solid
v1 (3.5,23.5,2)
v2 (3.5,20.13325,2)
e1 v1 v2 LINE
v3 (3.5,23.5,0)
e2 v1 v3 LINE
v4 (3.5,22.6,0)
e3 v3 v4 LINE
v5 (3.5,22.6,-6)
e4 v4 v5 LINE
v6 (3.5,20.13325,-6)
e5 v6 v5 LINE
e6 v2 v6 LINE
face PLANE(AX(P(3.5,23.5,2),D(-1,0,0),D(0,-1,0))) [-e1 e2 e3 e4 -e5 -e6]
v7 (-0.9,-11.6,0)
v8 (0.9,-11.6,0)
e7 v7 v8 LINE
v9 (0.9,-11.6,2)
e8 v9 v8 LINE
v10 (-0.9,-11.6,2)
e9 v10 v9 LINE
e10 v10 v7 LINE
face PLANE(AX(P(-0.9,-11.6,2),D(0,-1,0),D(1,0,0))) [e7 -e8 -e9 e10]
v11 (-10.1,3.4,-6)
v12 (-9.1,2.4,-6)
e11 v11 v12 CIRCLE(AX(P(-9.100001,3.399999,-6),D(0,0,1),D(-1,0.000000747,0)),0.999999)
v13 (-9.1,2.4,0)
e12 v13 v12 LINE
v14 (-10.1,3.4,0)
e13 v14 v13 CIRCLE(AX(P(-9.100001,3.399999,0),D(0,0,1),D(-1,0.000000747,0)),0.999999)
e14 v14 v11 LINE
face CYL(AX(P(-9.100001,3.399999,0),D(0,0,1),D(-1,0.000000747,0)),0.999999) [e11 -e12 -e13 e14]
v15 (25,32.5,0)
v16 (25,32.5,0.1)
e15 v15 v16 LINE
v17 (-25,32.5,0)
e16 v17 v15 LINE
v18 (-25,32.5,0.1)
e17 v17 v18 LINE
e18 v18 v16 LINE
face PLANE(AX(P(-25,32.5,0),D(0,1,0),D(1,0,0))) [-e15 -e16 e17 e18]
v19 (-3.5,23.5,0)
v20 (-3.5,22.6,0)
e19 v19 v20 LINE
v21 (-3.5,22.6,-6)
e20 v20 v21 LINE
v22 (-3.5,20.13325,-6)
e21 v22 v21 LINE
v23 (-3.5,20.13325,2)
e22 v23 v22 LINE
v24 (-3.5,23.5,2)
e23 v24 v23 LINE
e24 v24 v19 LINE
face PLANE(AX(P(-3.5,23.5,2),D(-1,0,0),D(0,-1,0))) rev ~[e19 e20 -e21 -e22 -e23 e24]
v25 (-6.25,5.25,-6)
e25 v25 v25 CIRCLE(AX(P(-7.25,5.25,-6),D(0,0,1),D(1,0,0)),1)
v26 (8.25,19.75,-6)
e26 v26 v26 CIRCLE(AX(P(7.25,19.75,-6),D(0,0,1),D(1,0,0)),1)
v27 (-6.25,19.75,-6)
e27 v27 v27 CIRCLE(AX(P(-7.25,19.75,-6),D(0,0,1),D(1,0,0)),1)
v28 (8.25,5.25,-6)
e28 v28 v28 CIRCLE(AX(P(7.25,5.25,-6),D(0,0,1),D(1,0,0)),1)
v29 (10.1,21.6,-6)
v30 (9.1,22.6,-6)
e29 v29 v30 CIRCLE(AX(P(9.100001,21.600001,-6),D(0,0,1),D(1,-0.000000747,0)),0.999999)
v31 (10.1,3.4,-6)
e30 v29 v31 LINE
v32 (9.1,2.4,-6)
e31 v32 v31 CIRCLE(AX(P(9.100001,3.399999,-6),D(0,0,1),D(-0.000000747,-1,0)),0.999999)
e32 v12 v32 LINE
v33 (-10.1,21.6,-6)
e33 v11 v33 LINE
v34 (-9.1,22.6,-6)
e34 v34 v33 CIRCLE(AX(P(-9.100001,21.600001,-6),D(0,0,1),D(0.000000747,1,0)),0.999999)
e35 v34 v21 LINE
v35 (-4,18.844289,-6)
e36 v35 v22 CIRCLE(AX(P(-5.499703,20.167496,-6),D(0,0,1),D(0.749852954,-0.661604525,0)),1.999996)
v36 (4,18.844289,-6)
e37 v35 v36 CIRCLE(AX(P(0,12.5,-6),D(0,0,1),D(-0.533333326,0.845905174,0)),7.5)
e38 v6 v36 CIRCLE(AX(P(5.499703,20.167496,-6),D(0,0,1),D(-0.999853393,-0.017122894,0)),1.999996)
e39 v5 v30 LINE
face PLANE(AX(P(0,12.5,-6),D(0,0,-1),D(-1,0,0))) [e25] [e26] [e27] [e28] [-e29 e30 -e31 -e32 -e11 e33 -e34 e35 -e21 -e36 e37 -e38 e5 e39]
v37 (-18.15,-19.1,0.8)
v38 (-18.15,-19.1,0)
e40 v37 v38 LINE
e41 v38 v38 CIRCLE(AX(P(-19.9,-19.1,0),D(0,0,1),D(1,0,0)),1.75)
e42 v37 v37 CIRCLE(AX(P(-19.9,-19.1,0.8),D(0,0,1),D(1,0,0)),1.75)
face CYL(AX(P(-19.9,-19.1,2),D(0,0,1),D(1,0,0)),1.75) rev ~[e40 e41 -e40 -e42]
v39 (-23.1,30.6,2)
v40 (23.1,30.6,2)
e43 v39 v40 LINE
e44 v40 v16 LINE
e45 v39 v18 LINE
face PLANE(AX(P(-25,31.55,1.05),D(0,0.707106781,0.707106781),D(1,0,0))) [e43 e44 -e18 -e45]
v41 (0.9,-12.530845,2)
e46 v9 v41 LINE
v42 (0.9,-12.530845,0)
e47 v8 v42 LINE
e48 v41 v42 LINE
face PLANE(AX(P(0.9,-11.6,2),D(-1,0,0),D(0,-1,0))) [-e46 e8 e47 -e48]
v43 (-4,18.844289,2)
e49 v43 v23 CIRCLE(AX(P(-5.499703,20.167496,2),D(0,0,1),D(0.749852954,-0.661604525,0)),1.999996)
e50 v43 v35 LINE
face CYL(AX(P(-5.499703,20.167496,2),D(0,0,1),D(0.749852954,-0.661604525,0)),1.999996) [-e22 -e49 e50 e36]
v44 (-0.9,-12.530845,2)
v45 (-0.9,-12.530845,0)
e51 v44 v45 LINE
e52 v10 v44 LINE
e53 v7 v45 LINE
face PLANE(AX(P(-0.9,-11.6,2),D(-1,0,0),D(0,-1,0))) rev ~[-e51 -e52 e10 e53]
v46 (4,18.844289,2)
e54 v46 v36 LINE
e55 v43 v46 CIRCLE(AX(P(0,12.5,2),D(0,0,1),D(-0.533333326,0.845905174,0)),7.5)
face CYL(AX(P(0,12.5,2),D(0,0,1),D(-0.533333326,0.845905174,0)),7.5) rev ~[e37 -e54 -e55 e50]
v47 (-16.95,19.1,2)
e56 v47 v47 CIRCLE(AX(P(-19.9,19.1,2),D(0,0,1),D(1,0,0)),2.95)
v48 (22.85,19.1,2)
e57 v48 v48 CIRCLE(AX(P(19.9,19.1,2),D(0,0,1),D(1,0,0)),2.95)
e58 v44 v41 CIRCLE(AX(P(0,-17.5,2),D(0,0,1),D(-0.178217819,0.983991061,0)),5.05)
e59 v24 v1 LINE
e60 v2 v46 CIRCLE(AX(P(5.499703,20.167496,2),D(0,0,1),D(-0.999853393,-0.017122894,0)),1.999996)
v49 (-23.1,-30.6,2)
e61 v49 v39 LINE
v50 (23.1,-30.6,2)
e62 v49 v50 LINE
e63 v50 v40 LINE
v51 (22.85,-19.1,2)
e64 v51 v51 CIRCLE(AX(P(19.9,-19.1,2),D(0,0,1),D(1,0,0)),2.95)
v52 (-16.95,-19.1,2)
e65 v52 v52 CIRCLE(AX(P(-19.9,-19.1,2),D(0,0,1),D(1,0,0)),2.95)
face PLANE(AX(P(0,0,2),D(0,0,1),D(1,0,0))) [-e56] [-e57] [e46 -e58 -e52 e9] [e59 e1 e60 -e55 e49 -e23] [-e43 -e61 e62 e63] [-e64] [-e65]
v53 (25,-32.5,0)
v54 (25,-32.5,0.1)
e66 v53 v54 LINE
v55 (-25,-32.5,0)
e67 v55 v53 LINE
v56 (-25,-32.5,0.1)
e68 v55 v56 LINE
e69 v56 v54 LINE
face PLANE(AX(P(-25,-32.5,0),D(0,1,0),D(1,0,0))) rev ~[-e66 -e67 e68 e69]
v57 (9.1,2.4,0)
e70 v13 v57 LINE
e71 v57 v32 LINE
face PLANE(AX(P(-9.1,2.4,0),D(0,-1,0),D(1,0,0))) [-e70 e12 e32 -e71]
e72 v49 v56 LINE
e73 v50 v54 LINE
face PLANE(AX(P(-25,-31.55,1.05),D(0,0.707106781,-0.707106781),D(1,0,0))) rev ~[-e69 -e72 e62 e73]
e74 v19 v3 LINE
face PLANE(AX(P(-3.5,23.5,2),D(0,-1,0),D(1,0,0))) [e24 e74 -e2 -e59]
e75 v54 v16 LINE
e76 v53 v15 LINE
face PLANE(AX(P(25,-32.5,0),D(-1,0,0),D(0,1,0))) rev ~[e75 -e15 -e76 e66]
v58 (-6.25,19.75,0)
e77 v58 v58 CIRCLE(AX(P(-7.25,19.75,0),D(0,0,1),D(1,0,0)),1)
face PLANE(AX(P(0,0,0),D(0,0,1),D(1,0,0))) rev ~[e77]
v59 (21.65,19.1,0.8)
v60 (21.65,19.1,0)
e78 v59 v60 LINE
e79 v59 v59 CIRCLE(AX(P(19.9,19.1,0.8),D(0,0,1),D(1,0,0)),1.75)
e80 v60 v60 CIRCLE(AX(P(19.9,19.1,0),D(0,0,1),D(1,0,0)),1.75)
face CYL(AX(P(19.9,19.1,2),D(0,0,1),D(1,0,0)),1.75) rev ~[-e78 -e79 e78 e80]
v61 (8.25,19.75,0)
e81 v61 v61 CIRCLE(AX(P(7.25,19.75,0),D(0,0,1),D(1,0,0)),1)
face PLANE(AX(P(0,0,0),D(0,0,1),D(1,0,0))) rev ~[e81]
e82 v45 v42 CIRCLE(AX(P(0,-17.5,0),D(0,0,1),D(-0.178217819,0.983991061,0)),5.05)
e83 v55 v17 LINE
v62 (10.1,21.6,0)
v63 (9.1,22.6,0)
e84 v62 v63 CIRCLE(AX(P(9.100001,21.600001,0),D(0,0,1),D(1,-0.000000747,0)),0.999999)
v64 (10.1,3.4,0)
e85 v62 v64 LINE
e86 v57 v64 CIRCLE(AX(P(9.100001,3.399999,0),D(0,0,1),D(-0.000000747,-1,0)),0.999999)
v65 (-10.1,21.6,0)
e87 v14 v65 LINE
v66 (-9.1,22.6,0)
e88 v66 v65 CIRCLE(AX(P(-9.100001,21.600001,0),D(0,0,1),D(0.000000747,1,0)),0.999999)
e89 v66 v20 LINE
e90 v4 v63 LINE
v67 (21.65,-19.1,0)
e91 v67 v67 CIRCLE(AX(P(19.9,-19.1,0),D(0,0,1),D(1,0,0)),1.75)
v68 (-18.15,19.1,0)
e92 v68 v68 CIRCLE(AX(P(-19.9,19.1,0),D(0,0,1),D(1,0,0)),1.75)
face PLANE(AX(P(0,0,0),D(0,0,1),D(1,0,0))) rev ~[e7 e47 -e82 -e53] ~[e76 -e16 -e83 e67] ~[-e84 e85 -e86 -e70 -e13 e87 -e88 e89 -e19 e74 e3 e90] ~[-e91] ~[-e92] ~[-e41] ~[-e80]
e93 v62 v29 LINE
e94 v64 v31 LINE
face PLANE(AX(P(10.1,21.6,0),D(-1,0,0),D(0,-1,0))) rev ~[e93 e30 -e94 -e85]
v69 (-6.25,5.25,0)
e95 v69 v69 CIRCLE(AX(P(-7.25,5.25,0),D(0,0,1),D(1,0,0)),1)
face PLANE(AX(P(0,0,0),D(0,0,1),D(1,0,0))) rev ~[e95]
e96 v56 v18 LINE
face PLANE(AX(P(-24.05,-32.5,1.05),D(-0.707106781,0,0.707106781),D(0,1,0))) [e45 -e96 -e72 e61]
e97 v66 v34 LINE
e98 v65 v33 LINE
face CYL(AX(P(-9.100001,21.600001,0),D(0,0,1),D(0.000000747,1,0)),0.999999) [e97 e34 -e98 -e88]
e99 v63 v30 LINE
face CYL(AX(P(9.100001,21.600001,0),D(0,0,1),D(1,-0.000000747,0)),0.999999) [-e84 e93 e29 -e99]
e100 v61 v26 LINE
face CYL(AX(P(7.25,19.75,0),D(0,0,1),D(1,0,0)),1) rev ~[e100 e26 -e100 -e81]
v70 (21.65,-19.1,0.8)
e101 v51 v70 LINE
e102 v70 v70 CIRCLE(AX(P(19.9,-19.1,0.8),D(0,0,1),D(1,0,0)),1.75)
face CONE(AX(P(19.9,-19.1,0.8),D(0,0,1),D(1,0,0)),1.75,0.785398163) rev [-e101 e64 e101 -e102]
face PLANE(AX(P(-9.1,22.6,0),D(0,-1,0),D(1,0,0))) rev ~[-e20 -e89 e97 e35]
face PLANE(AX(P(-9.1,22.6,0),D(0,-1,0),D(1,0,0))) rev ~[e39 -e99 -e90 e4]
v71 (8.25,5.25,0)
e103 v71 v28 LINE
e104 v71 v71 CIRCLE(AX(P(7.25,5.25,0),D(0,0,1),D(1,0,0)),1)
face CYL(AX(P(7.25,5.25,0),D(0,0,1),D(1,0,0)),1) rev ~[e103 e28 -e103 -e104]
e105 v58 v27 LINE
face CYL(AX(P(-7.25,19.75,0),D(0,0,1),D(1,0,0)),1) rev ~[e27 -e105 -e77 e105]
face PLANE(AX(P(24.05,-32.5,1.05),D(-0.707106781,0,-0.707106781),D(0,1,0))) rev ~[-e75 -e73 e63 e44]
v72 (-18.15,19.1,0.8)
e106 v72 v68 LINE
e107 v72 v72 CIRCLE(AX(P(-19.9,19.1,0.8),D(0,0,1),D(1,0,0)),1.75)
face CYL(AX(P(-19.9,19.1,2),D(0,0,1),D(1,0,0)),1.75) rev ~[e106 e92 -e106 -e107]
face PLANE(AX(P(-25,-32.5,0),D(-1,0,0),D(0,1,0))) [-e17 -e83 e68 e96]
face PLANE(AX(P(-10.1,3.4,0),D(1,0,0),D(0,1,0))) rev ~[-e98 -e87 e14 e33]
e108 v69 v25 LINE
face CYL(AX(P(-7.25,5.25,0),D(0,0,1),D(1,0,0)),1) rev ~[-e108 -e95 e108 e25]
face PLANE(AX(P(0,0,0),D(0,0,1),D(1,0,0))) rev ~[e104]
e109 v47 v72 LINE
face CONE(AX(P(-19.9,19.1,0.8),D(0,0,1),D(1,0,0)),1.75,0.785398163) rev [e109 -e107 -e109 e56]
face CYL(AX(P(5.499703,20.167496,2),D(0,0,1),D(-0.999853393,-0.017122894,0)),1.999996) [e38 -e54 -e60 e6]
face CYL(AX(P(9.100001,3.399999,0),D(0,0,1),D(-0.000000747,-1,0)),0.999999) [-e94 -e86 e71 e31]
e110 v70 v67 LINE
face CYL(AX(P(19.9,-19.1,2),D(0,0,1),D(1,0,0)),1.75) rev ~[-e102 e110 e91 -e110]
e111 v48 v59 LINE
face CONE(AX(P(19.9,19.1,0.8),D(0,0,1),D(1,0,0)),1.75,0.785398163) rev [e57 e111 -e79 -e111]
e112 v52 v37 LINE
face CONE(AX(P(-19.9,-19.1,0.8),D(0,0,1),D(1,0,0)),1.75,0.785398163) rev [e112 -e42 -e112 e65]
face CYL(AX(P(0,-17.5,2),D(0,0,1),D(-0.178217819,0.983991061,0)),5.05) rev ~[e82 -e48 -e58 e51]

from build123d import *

# Parameters (mm, degrees)
SKETCH_W        = 50
SKETCH_H        = 65
PAD_DEPTH       = 2
SKETCH003_R     = 1
PAD001_DEPTH    = 6
POCKET001_DEPTH = 8.001
SKETCH001_R     = 1.75
POCKET_DEPTH    = 2
CHAMFER_SIZE    = 1.2
CHAMFER001_SIZE = 1.9


with BuildPart() as part:
    # Sketch → Pad (new body)
    with BuildSketch(Plane.XY):
        Rectangle(SKETCH_W, SKETCH_H)
    extrude(amount=PAD_DEPTH)

    # Sketch003 (on DatumPlane) → Pad001 (join)
    with BuildSketch(Plane.XY):
        with BuildLine():
            Line((-10.1, 3.4), (-10.1, 21.6))
            ThreePointArc((-9.1, 22.6), (-9.807107, 22.307107), (-10.1, 21.6))
            Line((-9.1, 22.6), (9.1, 22.6))
            ThreePointArc((10.1, 21.6), (9.807107, 22.307107), (9.1, 22.6))
            Line((10.1, 21.6), (10.1, 3.4))
            ThreePointArc((9.1, 2.4), (9.807107, 2.692893), (10.1, 3.4))
            Line((-9.1, 2.4), (9.1, 2.4))
            ThreePointArc((-10.1, 3.4), (-9.807107, 2.692893), (-9.1, 2.4))
        make_face()
        with Locations((-7.25, 5.25)):
            Circle(SKETCH003_R, mode=Mode.SUBTRACT)
        with Locations((7.25, 5.25)):
            Circle(SKETCH003_R, mode=Mode.SUBTRACT)
        with Locations((7.25, 19.75)):
            Circle(SKETCH003_R, mode=Mode.SUBTRACT)
        with Locations((-7.25, 19.75)):
            Circle(SKETCH003_R, mode=Mode.SUBTRACT)
    extrude(amount=-PAD001_DEPTH)

    # Sketch002 (on DatumPlane) → Pocket001 (cut, through all)
    with BuildSketch(Plane.XY.offset(2)):
        with BuildLine():
            ThreePointArc((-4, 18.844289), (0, 5), (4, 18.844289))
            ThreePointArc((3.5, 20.13325), (3.635081, 19.444191), (4, 18.844289))
            Line((3.5, 23.5), (3.5, 20.13325))
            Line((-3.5, 23.5), (3.5, 23.5))
            Line((-3.5, 23.5), (-3.5, 20.13325))
            ThreePointArc((-4, 18.844289), (-3.635081, 19.444191), (-3.5, 20.13325))
        make_face()
        with BuildLine():
            ThreePointArc((-0.9, -12.530845), (0, -22.55), (0.9, -12.530845))
            Line((0.9, -11.6), (0.9, -12.530845))
            Line((-0.9, -11.6), (0.9, -11.6))
            Line((-0.9, -11.6), (-0.9, -12.530845))
        make_face()
    extrude(amount=-POCKET001_DEPTH, mode=Mode.SUBTRACT)

    # Sketch001 (on DatumPlane) → Pocket (cut)
    with BuildSketch(Plane.XY.offset(2)):
        with Locations((-19.9, 19.1)):
            Circle(SKETCH001_R)
        with Locations((19.9, 19.1)):
            Circle(SKETCH001_R)
        with Locations((19.9, -19.1)):
            Circle(SKETCH001_R)
        with Locations((-19.9, -19.1)):
            Circle(SKETCH001_R)
    extrude(amount=-POCKET_DEPTH, mode=Mode.SUBTRACT)

    # Chamfer
    chamfer_edges = [part.edges().sort_by_distance(p)[0] for p in [
        (-21.65, 19.1, 2),
        (18.15, 19.1, 2),
        (18.15, -19.1, 2),
        (-21.65, -19.1, 2),
    ]]
    chamfer(chamfer_edges, length=CHAMFER_SIZE)

    # Chamfer001
    chamfer001_edges = [part.edges().sort_by_distance(p)[0] for p in [
        (-25, 0, 2),
        (0, 32.5, 2),
        (25, 0, 2),
        (0, -32.5, 2),
    ]]
    chamfer(chamfer001_edges, length=CHAMFER001_SIZE)


solid = part.part
